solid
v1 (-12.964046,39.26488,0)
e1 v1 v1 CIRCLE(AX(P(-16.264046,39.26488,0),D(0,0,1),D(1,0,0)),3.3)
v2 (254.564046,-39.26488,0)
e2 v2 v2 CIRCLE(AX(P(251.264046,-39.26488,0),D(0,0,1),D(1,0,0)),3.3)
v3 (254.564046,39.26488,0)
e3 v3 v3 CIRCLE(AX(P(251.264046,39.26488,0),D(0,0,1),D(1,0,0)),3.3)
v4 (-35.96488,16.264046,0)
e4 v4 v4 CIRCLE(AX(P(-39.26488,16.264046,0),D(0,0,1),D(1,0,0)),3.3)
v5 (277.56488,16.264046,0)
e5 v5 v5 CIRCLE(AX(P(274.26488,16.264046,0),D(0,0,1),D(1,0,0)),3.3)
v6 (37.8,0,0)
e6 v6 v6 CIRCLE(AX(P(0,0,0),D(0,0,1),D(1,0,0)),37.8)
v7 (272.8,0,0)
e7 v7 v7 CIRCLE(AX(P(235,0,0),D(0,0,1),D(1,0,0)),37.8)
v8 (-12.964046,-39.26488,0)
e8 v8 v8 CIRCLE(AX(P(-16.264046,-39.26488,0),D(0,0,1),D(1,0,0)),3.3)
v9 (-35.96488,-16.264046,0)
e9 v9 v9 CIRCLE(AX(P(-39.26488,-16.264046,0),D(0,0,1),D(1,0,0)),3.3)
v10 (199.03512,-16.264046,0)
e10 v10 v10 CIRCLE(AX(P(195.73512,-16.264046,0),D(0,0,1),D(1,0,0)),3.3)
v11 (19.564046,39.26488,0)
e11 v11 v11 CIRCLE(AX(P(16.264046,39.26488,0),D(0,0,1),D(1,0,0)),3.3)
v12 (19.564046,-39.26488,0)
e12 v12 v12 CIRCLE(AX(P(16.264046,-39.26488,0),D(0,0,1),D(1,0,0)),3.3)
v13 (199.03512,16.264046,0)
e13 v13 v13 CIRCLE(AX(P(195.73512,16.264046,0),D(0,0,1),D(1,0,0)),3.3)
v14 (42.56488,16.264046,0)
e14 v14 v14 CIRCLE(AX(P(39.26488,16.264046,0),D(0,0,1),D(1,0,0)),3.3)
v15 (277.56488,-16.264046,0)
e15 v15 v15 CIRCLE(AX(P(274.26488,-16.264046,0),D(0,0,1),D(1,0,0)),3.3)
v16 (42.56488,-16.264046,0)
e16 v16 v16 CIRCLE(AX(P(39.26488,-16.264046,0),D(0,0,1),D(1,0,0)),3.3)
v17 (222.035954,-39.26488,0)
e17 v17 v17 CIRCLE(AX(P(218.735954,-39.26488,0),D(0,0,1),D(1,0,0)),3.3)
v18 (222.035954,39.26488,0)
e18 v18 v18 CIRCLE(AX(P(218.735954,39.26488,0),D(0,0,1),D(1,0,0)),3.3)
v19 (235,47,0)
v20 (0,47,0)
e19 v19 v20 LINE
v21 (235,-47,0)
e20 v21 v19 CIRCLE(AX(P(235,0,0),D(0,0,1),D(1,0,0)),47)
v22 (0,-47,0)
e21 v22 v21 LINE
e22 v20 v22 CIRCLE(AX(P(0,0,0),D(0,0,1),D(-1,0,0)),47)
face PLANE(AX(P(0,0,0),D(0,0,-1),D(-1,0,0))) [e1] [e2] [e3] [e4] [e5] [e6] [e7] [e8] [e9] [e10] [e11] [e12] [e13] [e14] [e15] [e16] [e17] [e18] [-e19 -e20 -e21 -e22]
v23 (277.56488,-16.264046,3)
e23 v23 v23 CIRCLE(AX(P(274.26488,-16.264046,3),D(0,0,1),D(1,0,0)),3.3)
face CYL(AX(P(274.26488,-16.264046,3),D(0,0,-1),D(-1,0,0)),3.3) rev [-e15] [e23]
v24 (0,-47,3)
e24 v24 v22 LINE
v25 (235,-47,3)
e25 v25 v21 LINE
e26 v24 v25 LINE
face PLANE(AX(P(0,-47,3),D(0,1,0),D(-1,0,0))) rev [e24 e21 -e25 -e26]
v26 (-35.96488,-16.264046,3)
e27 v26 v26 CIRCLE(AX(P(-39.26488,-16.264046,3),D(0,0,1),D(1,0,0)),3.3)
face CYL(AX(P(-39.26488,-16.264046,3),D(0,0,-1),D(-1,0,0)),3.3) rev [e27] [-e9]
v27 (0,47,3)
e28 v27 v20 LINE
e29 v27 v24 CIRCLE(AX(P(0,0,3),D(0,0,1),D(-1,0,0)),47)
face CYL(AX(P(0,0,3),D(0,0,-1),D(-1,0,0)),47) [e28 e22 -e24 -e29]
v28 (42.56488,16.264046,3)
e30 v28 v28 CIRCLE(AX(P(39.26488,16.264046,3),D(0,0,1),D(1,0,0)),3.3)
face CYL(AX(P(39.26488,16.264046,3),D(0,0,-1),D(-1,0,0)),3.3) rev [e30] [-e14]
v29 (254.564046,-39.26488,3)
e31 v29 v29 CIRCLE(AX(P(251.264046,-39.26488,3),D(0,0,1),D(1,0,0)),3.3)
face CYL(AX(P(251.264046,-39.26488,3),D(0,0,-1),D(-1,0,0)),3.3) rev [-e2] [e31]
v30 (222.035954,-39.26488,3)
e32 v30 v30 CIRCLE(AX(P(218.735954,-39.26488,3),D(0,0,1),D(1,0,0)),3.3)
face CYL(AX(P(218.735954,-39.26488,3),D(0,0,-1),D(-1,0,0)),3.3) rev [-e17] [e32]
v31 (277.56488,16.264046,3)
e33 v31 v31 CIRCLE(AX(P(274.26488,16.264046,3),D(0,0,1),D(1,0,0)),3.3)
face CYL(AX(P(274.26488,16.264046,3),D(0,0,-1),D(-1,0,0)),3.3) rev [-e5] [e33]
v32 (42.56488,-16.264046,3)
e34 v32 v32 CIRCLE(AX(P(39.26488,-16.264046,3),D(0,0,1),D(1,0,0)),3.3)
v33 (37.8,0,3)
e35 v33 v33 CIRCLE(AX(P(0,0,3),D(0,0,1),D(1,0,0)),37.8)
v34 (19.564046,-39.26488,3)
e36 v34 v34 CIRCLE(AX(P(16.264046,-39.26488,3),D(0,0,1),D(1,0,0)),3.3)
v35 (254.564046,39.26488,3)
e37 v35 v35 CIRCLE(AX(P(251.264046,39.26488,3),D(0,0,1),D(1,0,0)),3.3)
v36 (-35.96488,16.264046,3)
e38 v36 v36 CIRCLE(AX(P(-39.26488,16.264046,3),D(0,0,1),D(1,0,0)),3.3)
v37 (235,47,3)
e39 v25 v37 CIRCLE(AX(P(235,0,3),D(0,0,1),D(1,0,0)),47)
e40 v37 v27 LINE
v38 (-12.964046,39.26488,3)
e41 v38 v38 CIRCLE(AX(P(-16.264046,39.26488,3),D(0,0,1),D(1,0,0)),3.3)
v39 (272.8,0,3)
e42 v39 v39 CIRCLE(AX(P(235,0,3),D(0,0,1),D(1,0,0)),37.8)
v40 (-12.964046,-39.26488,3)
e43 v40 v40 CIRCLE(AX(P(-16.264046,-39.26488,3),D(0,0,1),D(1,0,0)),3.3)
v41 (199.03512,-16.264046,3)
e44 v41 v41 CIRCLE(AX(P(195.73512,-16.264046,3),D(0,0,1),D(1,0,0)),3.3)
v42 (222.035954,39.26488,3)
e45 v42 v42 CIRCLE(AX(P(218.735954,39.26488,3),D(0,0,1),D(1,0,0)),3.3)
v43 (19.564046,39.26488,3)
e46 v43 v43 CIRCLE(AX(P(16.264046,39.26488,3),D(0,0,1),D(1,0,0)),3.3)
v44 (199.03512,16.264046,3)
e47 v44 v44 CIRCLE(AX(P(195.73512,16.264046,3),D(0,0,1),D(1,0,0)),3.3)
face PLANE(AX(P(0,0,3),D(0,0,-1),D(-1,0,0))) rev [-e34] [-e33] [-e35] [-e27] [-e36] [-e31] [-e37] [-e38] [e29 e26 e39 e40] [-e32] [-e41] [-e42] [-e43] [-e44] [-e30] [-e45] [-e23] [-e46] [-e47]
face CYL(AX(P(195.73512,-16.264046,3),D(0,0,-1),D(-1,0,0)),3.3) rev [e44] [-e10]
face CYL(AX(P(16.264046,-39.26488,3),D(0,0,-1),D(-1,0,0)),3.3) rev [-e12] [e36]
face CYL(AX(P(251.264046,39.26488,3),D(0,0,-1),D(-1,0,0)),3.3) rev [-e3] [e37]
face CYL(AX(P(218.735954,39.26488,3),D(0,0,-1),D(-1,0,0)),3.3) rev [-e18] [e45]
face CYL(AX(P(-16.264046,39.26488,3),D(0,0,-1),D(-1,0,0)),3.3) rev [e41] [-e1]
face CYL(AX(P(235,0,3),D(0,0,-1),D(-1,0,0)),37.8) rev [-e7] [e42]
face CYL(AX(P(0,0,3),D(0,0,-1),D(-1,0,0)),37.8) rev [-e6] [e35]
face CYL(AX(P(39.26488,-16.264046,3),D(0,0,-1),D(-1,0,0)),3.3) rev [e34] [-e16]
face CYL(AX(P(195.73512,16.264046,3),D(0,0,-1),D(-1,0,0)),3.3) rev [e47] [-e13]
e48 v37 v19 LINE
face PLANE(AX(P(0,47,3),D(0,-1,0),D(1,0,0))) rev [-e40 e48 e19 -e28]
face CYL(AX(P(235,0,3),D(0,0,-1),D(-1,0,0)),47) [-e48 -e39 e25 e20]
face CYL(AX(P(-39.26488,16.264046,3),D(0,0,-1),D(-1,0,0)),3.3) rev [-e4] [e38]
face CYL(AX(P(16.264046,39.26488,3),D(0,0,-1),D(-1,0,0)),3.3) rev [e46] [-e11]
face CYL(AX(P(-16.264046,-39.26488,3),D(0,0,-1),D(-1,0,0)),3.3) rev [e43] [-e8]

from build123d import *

# Parameters (mm, degrees)
SKETCH_1_R      = 3.3
SKETCH_1_R_2    = 37.8
EXTRUDE_1_DEPTH = 3


with BuildPart() as part:
    # 草图1 → 凸台-拉伸1 (new body)
    with BuildSketch(Plane.XY):
        with BuildLine():
            Line((0, -47), (235, -47))
            ThreePointArc((235, -47), (282, 0), (235, 47))
            Line((235, 47), (0, 47))
            ThreePointArc((0, 47), (-47, 0), (0, -47))
        make_face()
        with Locations((16.264045876, -39.264880132)):
            Circle(SKETCH_1_R, mode=Mode.SUBTRACT)
        with Locations((39.264880132, -16.264045876)):
            Circle(SKETCH_1_R, mode=Mode.SUBTRACT)
        with Locations((39.264880132, 16.264045876)):
            Circle(SKETCH_1_R, mode=Mode.SUBTRACT)
        with Locations((16.264045876, 39.264880132)):
            Circle(SKETCH_1_R, mode=Mode.SUBTRACT)
        with Locations((-16.264045876, 39.264880132)):
            Circle(SKETCH_1_R, mode=Mode.SUBTRACT)
        with Locations((-39.264880132, 16.264045876)):
            Circle(SKETCH_1_R, mode=Mode.SUBTRACT)
        with Locations((-39.264880132, -16.264045876)):
            Circle(SKETCH_1_R, mode=Mode.SUBTRACT)
        with Locations((-16.264045876, -39.264880132)):
            Circle(SKETCH_1_R, mode=Mode.SUBTRACT)
        with Locations((251.264045876, -39.264880132)):
            Circle(SKETCH_1_R, mode=Mode.SUBTRACT)
        with Locations((274.264880132, -16.264045876)):
            Circle(SKETCH_1_R, mode=Mode.SUBTRACT)
        with Locations((274.264880132, 16.264045876)):
            Circle(SKETCH_1_R, mode=Mode.SUBTRACT)
        with Locations((251.264045876, 39.264880132)):
            Circle(SKETCH_1_R, mode=Mode.SUBTRACT)
        with Locations((218.735954124, 39.264880132)):
            Circle(SKETCH_1_R, mode=Mode.SUBTRACT)
        with Locations((195.735119868, 16.264045876)):
            Circle(SKETCH_1_R, mode=Mode.SUBTRACT)
        with Locations((195.735119868, -16.264045876)):
            Circle(SKETCH_1_R, mode=Mode.SUBTRACT)
        with Locations((218.735954124, -39.264880132)):
            Circle(SKETCH_1_R, mode=Mode.SUBTRACT)
        Circle(SKETCH_1_R_2, mode=Mode.SUBTRACT)
        with Locations((235, 0)):
            Circle(SKETCH_1_R_2, mode=Mode.SUBTRACT)
    extrude(amount=EXTRUDE_1_DEPTH)


solid = part.part
